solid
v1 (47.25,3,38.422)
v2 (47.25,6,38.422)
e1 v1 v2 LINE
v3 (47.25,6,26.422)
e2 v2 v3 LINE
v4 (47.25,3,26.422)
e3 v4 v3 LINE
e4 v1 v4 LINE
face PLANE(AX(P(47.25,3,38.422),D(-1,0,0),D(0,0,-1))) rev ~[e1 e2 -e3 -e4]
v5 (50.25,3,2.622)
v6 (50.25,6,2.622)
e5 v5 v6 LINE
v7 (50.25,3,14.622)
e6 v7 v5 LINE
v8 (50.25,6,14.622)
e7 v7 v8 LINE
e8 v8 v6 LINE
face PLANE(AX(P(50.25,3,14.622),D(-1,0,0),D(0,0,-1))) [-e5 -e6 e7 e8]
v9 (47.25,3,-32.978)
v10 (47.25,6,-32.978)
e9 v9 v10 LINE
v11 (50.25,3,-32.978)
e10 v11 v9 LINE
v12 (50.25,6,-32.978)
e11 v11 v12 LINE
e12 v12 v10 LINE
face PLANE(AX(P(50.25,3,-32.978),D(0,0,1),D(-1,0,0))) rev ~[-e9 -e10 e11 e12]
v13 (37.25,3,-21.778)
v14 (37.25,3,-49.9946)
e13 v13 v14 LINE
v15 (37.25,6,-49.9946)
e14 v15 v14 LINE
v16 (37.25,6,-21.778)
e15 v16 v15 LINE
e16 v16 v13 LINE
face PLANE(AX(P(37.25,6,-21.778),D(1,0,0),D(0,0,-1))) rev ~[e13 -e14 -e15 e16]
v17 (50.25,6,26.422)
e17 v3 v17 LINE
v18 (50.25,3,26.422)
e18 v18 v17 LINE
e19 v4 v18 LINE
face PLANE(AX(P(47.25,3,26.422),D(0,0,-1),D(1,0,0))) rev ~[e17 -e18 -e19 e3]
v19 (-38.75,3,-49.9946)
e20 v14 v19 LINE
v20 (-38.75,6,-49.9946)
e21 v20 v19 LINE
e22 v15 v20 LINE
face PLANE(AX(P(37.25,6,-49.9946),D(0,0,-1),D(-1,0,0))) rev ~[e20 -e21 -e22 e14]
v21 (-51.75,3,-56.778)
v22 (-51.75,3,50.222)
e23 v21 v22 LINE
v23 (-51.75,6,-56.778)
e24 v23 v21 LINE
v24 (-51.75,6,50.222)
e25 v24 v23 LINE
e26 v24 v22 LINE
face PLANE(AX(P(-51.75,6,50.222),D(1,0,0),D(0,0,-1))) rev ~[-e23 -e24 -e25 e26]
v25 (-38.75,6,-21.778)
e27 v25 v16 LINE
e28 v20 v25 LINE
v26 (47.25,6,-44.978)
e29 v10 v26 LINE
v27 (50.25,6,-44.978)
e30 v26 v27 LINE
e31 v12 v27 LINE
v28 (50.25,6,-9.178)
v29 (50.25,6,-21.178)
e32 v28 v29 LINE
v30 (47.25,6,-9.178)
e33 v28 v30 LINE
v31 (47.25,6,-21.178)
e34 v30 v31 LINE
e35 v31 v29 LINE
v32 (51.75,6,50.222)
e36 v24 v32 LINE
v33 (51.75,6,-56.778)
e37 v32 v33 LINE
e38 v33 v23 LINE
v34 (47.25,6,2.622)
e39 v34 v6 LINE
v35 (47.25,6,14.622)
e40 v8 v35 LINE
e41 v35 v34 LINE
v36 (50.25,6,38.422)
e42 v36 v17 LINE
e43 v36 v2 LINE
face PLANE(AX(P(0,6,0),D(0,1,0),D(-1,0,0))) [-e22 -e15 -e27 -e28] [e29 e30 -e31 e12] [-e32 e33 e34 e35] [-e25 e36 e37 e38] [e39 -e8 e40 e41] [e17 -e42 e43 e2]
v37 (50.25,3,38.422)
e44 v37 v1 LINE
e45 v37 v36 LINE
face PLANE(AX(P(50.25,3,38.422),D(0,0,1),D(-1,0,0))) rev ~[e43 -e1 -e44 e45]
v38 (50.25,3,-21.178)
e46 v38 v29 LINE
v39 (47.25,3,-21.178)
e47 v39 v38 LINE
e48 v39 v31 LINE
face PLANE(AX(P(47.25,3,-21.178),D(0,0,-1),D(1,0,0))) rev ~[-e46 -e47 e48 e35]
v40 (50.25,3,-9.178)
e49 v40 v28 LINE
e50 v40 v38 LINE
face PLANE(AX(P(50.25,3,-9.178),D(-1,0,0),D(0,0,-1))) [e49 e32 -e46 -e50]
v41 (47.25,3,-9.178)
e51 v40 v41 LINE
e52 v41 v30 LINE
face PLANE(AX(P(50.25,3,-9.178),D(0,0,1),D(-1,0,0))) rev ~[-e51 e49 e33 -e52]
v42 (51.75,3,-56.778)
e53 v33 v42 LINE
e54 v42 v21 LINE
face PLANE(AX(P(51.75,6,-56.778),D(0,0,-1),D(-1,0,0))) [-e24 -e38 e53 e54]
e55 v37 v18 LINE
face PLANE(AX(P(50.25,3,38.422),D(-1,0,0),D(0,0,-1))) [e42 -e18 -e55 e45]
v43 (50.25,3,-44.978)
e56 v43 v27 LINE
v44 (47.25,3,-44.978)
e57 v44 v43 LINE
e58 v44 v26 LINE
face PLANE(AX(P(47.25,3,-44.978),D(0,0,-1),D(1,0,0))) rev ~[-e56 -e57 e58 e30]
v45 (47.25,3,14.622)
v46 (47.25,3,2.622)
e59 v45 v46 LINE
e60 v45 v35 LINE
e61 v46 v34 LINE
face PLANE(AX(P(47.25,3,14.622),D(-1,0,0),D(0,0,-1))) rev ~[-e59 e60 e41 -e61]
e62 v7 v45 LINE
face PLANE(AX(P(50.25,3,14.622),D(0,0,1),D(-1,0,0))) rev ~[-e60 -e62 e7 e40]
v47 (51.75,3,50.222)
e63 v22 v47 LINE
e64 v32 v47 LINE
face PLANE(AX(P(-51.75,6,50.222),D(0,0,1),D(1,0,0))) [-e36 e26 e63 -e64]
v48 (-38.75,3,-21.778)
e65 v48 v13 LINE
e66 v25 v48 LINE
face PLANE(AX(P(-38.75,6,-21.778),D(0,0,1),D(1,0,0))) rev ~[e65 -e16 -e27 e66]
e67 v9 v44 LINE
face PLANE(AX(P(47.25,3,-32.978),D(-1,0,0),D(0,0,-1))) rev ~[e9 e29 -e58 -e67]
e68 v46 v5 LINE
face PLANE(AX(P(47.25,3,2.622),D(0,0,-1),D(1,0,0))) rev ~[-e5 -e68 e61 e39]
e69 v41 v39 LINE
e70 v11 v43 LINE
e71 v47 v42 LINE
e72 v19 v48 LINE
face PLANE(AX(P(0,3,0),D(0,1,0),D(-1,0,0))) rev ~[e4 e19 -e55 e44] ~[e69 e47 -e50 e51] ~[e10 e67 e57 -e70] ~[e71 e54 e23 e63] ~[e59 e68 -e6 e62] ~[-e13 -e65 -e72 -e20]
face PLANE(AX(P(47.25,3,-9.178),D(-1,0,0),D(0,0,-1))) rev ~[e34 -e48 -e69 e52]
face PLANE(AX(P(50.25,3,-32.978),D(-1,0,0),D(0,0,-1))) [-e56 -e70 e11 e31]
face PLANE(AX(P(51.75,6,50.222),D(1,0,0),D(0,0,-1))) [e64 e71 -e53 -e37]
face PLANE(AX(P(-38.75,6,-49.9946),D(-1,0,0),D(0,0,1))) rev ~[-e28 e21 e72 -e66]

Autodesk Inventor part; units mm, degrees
ref_plane "YZ Plane" through (0, 0, 0) normal (1, 0, 0) x (0, 1, 0)
ref_plane "XZ Plane" through (0, 0, 0) normal (0, 1, 0) x (-1, 0, 0)
ref_plane "Plano de trabalho1" through (-46, 6, -51.528) normal (0, -1, 0) x (1, 0, 0)
sketch "Esboço5" plane through (0, 0, 0) normal (0, 1, 0) x (-1, 0, 0)
  line L0 (51.75, 50.222) -> (51.75, -56.778)
  line L1 (38.75, -49.9946) -> (38.75, -21.778)
  line L2 (51.75, -21.778) -> (51.75, -56.778)
  line L3 (38.75, -21.778) -> (-37.25, -21.778)
  line L4 (-37.25, -21.778) -> (-37.25, -49.9946)
  line L5 (-37.25, -49.9946) -> (38.75, -49.9946)
  line L6 (51.75, 50.222) -> (-51.75, 50.222)
  line L7 (-51.75, 50.222) -> (-51.75, -56.778)
  line L8 (-51.75, -56.778) -> (51.75, -56.778)
  point P0 (0, 0)
  dimension "d24" = 76
  dimension "d28" = 51.75
  dimension "d30" = 103.5
extrude "Extrusão4" add sketch "Esboço5" against normal blind 3 from surface at 6
sketch "Esboço6" plane through (-51.75, 3, 50.222) normal (0, -1, 0) x (1, 0, 0)
  point P0 (51.75, -50.222)
sketch "Esboço7" plane through (-51.75, 3, 50.222) normal (0, -1, 0) x (1, 0, 0)
  line L0 (99, -95.2) -> (102, -95.2) projected
  line L1 (102, -83.2) -> (102, -95.2) projected
  line L2 (102, -83.2) -> (99, -83.2) projected
  line L3 (99, -83.2) -> (99, -95.2) projected
  line L4 (99, -71.4) -> (102, -71.4) projected
  line L5 (102, -59.4) -> (102, -71.4) projected
  line L6 (102, -59.4) -> (99, -59.4) projected
  line L7 (99, -59.4) -> (99, -71.4) projected
  line L8 (102, -35.6) -> (99, -35.6) projected
  line L9 (99, -35.6) -> (99, -47.6) projected
  line L10 (99, -47.6) -> (102, -47.6) projected
  line L11 (102, -35.6) -> (102, -47.6) projected
  line L12 (102, -11.8) -> (99, -11.8) projected
  line L13 (99, -11.8) -> (99, -23.8) projected
  line L14 (99, -23.8) -> (102, -23.8) projected
  line L15 (102, -11.8) -> (102, -23.8) projected
  line L16 (102, -95.2) -> (99, -95.2)
  line L17 (99, -95.2) -> (99, -83.2)
  line L18 (99, -83.2) -> (102, -83.2)
  line L19 (102, -83.2) -> (102, -95.2)
  line L20 (102, -71.4) -> (99, -71.4)
  line L21 (99, -71.4) -> (99, -59.4)
  line L22 (99, -59.4) -> (102, -59.4)
  line L23 (102, -59.4) -> (102, -71.4)
  line L24 (102, -47.6) -> (99, -47.6)
  line L25 (99, -47.6) -> (99, -35.6)
  line L26 (99, -35.6) -> (102, -35.6)
  line L27 (102, -35.6) -> (102, -47.6)
  line L28 (102, -23.8) -> (99, -23.8)
  line L29 (99, -23.8) -> (99, -11.8)
  line L30 (99, -11.8) -> (102, -11.8)
  line L31 (102, -11.8) -> (102, -23.8)
  point P0 (51.75, -50.222)
extrude "Extrusão5" cut sketch "Esboço7" against normal blind 3
equation "\"d30\" = 2 * d28"
properties part number "Chassi_inf"
